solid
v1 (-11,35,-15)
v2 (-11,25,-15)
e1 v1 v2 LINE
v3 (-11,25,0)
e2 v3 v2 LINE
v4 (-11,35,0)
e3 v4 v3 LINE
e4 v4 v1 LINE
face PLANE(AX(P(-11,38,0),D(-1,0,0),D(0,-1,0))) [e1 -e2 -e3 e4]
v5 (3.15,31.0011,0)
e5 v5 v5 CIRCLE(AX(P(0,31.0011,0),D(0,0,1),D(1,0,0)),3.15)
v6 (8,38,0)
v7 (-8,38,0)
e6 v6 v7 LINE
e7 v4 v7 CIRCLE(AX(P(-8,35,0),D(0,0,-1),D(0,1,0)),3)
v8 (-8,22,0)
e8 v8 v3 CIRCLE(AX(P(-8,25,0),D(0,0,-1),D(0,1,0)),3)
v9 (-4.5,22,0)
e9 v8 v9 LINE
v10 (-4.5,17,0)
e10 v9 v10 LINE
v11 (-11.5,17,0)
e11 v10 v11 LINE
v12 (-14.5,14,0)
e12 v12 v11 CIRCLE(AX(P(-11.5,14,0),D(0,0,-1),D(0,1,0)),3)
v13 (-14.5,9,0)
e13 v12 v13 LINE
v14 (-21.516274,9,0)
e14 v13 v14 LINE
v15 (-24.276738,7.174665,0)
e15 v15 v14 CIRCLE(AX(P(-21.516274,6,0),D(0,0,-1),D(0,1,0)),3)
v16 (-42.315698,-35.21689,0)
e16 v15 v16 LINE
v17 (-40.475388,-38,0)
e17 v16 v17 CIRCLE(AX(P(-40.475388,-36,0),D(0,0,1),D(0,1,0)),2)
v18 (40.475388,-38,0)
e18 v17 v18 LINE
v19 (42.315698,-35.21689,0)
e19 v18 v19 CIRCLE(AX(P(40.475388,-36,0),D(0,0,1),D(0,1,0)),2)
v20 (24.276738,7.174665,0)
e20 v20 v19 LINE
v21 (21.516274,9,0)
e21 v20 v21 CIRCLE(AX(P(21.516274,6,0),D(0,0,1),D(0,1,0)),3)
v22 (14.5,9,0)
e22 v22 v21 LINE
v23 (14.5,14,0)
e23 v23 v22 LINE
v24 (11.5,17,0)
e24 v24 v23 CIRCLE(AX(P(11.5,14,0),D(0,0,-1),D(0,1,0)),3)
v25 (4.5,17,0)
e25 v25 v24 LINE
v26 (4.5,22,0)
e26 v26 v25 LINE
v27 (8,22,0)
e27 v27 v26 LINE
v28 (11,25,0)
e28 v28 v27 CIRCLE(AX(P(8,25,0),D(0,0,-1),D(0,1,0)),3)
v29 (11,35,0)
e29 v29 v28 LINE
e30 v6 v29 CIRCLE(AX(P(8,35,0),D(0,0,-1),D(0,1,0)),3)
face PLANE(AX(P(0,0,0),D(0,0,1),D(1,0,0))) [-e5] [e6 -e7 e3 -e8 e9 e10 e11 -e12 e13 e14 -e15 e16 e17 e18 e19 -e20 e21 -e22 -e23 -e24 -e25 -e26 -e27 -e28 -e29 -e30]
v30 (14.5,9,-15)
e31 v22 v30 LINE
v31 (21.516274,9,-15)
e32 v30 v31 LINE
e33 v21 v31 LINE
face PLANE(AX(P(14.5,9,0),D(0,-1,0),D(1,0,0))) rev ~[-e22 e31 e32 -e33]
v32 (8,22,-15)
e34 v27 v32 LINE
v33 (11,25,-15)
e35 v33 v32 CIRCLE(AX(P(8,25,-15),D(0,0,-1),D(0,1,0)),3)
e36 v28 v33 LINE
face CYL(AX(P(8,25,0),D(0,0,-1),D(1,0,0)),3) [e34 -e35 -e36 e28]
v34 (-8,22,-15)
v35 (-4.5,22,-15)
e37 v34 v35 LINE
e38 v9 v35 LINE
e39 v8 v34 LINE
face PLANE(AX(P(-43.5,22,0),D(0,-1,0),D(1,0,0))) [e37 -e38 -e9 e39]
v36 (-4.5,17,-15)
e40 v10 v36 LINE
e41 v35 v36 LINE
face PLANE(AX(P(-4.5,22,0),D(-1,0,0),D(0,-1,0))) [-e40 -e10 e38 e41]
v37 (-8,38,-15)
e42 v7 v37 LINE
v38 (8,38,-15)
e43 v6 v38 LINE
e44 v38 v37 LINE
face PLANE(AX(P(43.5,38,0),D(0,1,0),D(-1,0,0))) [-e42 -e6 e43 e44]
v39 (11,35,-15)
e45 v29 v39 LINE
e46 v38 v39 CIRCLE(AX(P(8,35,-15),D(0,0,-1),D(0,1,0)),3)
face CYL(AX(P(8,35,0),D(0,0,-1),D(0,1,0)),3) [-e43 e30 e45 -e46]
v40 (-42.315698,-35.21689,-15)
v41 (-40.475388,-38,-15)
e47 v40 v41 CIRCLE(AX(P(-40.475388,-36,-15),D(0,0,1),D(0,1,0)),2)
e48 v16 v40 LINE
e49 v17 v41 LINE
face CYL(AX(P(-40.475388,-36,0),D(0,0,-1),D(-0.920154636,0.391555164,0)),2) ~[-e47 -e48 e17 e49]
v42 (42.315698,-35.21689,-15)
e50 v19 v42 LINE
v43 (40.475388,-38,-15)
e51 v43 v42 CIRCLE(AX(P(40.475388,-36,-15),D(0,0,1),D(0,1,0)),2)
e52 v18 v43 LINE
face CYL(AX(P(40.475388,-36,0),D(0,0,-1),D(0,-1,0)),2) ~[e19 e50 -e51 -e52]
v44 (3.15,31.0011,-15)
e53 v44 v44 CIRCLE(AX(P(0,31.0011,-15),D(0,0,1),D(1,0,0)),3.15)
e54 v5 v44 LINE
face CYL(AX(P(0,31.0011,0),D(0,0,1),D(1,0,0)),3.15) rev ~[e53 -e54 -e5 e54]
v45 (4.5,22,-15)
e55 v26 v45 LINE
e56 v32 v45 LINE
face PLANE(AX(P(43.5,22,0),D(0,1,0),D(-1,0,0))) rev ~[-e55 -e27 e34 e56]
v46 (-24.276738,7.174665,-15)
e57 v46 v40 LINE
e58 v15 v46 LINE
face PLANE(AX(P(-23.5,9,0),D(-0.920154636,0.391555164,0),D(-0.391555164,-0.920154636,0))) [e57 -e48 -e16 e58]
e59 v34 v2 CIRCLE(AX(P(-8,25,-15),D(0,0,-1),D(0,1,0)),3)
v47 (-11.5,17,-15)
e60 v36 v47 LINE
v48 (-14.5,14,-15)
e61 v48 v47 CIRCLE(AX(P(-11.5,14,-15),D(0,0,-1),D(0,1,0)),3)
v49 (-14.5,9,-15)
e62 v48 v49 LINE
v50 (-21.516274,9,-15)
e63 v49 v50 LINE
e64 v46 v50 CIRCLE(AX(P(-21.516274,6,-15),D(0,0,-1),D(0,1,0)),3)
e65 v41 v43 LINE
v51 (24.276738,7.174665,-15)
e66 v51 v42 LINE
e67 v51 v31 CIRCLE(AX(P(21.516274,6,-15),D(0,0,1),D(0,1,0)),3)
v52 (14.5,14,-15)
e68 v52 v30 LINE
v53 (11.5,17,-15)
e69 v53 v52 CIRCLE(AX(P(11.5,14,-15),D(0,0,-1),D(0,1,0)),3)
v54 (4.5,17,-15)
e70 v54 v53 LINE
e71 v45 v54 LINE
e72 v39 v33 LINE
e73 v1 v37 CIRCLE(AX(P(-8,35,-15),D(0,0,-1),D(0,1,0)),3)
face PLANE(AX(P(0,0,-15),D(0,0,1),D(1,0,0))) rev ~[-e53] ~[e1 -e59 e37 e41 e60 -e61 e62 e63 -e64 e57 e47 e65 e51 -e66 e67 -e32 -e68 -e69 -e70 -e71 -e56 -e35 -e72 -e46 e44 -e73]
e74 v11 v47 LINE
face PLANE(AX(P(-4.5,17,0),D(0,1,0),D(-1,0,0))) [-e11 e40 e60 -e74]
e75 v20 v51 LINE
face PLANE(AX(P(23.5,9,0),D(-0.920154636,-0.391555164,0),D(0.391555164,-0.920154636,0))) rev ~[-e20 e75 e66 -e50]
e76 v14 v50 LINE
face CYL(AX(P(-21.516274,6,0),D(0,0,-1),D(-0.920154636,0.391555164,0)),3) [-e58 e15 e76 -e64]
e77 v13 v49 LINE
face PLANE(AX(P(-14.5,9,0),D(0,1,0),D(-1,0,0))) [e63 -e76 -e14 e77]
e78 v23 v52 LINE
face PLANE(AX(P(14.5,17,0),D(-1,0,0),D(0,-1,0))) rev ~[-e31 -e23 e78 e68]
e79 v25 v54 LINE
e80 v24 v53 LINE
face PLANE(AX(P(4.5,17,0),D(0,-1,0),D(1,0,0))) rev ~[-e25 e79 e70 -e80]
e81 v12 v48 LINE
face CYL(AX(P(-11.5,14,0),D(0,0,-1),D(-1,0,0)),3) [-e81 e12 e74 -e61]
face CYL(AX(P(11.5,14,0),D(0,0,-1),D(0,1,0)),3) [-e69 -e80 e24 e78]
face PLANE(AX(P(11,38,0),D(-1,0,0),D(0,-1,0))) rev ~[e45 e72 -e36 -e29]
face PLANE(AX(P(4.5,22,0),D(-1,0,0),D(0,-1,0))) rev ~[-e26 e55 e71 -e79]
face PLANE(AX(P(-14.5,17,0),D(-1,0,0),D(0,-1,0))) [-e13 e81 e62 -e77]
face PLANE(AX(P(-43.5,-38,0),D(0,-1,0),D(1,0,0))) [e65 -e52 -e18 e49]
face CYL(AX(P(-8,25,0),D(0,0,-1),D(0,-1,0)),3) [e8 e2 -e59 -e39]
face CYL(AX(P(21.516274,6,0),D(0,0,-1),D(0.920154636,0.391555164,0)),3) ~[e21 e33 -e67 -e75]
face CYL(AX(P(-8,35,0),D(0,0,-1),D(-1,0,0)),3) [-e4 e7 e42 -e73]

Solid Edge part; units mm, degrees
sketch "Sketch1" plane through (0, 0, 0) normal (0, 0, 1) x (1, 0, 0)
  line L0 (-43.5, -38) -> (43.5, -38)
  line L1 (43.5, -38) -> (43.5, 38)
  line L2 (43.5, 38) -> (-43.5, 38)
  line L3 (-43.5, 38) -> (-43.5, -38)
extrude "Protrusion1" add sketch "Sketch1" against normal blind 15
sketch "Sketch2" plane through (0, 0, 0) normal (0, 0, 1) x (1, 0, 0)
  line L0 (-43.5, 38) -> (-11, 38)
  line L1 (-11, 38) -> (-11, 22)
  line L2 (-11, 22) -> (-43.5, 22)
  line L3 (-43.5, 22) -> (-43.5, 38)
  line L4 (43.5, 38) -> (11, 38)
  line L5 (11, 38) -> (11, 22)
  line L6 (11, 22) -> (43.5, 22)
  line L7 (43.5, 22) -> (43.5, 38)
extrude "ExtrudedCutout_1" cut sketch "Sketch2" against normal blind 15
sketch "Sketch3" plane through (0, 0, 0) normal (0, 0, 1) x (1, 0, 0)
  line L0 (-43.5, 22) -> (-4.5, 22)
  line L1 (-4.5, 22) -> (-4.5, 17)
  line L2 (-4.5, 17) -> (-43.5, 17)
  line L3 (-43.5, 17) -> (-43.5, 22)
  line L4 (43.5, 22) -> (4.5, 22)
  line L5 (4.5, 22) -> (4.5, 17)
  line L6 (4.5, 17) -> (43.5, 17)
  line L7 (43.5, 17) -> (43.5, 22)
extrude "ExtrudedCutout_2" cut sketch "Sketch3" against normal blind 15
sketch "Sketch4" plane through (0, 0, 0) normal (0, 0, 1) x (1, 0, 0)
  line L0 (-43.5, 17) -> (-14.5, 17)
  line L1 (-14.5, 17) -> (-14.5, 9)
  line L2 (-14.5, 9) -> (-43.5, 9)
  line L3 (-43.5, 9) -> (-43.5, 17)
  line L4 (43.5, 17) -> (14.5, 17)
  line L5 (14.5, 17) -> (14.5, 9)
  line L6 (14.5, 9) -> (43.5, 9)
  line L7 (43.5, 9) -> (43.5, 17)
extrude "ExtrudedCutout_3" cut sketch "Sketch4" against normal blind 15
sketch "Sketch5" plane through (0, 0, 0) normal (0, 0, 1) x (1, 0, 0)
  line L0 (-23.5, 9) -> (-43.5, -38)
  line L1 (-43.5, -38) -> (-43.5, 9)
  line L2 (-43.5, 9) -> (-23.5, 9)
  line L3 (23.5, 9) -> (43.5, -38)
  line L4 (43.5, -38) -> (43.5, 9)
  line L5 (43.5, 9) -> (23.5, 9)
extrude "ExtrudedCutout_4" cut sketch "Sketch5" against normal blind 15
fillet "Round_1" radius 3 8 edges at (23.5, 9, -7.5) (11, 22, -7.5) (11, 38, -7.5) (14.5, 17, -7.5) (-11, 38, -7.5) (-11, 22, -7.5) (-14.5, 17, -7.5) (-23.5, 9, -7.5)
fillet "Round_2" radius 2 2 edges at (43.5, -38, -7.5) (-43.5, -38, -7.5)
sketch "Sketch6" plane through (0, 0, 0) normal (0, 0, 1) x (1, 0, 0)
  circle A0 centre (0, 31.0011) radius 3.15
extrude "ExtrudedCutout_5" cut sketch "Sketch6" against normal blind 15
